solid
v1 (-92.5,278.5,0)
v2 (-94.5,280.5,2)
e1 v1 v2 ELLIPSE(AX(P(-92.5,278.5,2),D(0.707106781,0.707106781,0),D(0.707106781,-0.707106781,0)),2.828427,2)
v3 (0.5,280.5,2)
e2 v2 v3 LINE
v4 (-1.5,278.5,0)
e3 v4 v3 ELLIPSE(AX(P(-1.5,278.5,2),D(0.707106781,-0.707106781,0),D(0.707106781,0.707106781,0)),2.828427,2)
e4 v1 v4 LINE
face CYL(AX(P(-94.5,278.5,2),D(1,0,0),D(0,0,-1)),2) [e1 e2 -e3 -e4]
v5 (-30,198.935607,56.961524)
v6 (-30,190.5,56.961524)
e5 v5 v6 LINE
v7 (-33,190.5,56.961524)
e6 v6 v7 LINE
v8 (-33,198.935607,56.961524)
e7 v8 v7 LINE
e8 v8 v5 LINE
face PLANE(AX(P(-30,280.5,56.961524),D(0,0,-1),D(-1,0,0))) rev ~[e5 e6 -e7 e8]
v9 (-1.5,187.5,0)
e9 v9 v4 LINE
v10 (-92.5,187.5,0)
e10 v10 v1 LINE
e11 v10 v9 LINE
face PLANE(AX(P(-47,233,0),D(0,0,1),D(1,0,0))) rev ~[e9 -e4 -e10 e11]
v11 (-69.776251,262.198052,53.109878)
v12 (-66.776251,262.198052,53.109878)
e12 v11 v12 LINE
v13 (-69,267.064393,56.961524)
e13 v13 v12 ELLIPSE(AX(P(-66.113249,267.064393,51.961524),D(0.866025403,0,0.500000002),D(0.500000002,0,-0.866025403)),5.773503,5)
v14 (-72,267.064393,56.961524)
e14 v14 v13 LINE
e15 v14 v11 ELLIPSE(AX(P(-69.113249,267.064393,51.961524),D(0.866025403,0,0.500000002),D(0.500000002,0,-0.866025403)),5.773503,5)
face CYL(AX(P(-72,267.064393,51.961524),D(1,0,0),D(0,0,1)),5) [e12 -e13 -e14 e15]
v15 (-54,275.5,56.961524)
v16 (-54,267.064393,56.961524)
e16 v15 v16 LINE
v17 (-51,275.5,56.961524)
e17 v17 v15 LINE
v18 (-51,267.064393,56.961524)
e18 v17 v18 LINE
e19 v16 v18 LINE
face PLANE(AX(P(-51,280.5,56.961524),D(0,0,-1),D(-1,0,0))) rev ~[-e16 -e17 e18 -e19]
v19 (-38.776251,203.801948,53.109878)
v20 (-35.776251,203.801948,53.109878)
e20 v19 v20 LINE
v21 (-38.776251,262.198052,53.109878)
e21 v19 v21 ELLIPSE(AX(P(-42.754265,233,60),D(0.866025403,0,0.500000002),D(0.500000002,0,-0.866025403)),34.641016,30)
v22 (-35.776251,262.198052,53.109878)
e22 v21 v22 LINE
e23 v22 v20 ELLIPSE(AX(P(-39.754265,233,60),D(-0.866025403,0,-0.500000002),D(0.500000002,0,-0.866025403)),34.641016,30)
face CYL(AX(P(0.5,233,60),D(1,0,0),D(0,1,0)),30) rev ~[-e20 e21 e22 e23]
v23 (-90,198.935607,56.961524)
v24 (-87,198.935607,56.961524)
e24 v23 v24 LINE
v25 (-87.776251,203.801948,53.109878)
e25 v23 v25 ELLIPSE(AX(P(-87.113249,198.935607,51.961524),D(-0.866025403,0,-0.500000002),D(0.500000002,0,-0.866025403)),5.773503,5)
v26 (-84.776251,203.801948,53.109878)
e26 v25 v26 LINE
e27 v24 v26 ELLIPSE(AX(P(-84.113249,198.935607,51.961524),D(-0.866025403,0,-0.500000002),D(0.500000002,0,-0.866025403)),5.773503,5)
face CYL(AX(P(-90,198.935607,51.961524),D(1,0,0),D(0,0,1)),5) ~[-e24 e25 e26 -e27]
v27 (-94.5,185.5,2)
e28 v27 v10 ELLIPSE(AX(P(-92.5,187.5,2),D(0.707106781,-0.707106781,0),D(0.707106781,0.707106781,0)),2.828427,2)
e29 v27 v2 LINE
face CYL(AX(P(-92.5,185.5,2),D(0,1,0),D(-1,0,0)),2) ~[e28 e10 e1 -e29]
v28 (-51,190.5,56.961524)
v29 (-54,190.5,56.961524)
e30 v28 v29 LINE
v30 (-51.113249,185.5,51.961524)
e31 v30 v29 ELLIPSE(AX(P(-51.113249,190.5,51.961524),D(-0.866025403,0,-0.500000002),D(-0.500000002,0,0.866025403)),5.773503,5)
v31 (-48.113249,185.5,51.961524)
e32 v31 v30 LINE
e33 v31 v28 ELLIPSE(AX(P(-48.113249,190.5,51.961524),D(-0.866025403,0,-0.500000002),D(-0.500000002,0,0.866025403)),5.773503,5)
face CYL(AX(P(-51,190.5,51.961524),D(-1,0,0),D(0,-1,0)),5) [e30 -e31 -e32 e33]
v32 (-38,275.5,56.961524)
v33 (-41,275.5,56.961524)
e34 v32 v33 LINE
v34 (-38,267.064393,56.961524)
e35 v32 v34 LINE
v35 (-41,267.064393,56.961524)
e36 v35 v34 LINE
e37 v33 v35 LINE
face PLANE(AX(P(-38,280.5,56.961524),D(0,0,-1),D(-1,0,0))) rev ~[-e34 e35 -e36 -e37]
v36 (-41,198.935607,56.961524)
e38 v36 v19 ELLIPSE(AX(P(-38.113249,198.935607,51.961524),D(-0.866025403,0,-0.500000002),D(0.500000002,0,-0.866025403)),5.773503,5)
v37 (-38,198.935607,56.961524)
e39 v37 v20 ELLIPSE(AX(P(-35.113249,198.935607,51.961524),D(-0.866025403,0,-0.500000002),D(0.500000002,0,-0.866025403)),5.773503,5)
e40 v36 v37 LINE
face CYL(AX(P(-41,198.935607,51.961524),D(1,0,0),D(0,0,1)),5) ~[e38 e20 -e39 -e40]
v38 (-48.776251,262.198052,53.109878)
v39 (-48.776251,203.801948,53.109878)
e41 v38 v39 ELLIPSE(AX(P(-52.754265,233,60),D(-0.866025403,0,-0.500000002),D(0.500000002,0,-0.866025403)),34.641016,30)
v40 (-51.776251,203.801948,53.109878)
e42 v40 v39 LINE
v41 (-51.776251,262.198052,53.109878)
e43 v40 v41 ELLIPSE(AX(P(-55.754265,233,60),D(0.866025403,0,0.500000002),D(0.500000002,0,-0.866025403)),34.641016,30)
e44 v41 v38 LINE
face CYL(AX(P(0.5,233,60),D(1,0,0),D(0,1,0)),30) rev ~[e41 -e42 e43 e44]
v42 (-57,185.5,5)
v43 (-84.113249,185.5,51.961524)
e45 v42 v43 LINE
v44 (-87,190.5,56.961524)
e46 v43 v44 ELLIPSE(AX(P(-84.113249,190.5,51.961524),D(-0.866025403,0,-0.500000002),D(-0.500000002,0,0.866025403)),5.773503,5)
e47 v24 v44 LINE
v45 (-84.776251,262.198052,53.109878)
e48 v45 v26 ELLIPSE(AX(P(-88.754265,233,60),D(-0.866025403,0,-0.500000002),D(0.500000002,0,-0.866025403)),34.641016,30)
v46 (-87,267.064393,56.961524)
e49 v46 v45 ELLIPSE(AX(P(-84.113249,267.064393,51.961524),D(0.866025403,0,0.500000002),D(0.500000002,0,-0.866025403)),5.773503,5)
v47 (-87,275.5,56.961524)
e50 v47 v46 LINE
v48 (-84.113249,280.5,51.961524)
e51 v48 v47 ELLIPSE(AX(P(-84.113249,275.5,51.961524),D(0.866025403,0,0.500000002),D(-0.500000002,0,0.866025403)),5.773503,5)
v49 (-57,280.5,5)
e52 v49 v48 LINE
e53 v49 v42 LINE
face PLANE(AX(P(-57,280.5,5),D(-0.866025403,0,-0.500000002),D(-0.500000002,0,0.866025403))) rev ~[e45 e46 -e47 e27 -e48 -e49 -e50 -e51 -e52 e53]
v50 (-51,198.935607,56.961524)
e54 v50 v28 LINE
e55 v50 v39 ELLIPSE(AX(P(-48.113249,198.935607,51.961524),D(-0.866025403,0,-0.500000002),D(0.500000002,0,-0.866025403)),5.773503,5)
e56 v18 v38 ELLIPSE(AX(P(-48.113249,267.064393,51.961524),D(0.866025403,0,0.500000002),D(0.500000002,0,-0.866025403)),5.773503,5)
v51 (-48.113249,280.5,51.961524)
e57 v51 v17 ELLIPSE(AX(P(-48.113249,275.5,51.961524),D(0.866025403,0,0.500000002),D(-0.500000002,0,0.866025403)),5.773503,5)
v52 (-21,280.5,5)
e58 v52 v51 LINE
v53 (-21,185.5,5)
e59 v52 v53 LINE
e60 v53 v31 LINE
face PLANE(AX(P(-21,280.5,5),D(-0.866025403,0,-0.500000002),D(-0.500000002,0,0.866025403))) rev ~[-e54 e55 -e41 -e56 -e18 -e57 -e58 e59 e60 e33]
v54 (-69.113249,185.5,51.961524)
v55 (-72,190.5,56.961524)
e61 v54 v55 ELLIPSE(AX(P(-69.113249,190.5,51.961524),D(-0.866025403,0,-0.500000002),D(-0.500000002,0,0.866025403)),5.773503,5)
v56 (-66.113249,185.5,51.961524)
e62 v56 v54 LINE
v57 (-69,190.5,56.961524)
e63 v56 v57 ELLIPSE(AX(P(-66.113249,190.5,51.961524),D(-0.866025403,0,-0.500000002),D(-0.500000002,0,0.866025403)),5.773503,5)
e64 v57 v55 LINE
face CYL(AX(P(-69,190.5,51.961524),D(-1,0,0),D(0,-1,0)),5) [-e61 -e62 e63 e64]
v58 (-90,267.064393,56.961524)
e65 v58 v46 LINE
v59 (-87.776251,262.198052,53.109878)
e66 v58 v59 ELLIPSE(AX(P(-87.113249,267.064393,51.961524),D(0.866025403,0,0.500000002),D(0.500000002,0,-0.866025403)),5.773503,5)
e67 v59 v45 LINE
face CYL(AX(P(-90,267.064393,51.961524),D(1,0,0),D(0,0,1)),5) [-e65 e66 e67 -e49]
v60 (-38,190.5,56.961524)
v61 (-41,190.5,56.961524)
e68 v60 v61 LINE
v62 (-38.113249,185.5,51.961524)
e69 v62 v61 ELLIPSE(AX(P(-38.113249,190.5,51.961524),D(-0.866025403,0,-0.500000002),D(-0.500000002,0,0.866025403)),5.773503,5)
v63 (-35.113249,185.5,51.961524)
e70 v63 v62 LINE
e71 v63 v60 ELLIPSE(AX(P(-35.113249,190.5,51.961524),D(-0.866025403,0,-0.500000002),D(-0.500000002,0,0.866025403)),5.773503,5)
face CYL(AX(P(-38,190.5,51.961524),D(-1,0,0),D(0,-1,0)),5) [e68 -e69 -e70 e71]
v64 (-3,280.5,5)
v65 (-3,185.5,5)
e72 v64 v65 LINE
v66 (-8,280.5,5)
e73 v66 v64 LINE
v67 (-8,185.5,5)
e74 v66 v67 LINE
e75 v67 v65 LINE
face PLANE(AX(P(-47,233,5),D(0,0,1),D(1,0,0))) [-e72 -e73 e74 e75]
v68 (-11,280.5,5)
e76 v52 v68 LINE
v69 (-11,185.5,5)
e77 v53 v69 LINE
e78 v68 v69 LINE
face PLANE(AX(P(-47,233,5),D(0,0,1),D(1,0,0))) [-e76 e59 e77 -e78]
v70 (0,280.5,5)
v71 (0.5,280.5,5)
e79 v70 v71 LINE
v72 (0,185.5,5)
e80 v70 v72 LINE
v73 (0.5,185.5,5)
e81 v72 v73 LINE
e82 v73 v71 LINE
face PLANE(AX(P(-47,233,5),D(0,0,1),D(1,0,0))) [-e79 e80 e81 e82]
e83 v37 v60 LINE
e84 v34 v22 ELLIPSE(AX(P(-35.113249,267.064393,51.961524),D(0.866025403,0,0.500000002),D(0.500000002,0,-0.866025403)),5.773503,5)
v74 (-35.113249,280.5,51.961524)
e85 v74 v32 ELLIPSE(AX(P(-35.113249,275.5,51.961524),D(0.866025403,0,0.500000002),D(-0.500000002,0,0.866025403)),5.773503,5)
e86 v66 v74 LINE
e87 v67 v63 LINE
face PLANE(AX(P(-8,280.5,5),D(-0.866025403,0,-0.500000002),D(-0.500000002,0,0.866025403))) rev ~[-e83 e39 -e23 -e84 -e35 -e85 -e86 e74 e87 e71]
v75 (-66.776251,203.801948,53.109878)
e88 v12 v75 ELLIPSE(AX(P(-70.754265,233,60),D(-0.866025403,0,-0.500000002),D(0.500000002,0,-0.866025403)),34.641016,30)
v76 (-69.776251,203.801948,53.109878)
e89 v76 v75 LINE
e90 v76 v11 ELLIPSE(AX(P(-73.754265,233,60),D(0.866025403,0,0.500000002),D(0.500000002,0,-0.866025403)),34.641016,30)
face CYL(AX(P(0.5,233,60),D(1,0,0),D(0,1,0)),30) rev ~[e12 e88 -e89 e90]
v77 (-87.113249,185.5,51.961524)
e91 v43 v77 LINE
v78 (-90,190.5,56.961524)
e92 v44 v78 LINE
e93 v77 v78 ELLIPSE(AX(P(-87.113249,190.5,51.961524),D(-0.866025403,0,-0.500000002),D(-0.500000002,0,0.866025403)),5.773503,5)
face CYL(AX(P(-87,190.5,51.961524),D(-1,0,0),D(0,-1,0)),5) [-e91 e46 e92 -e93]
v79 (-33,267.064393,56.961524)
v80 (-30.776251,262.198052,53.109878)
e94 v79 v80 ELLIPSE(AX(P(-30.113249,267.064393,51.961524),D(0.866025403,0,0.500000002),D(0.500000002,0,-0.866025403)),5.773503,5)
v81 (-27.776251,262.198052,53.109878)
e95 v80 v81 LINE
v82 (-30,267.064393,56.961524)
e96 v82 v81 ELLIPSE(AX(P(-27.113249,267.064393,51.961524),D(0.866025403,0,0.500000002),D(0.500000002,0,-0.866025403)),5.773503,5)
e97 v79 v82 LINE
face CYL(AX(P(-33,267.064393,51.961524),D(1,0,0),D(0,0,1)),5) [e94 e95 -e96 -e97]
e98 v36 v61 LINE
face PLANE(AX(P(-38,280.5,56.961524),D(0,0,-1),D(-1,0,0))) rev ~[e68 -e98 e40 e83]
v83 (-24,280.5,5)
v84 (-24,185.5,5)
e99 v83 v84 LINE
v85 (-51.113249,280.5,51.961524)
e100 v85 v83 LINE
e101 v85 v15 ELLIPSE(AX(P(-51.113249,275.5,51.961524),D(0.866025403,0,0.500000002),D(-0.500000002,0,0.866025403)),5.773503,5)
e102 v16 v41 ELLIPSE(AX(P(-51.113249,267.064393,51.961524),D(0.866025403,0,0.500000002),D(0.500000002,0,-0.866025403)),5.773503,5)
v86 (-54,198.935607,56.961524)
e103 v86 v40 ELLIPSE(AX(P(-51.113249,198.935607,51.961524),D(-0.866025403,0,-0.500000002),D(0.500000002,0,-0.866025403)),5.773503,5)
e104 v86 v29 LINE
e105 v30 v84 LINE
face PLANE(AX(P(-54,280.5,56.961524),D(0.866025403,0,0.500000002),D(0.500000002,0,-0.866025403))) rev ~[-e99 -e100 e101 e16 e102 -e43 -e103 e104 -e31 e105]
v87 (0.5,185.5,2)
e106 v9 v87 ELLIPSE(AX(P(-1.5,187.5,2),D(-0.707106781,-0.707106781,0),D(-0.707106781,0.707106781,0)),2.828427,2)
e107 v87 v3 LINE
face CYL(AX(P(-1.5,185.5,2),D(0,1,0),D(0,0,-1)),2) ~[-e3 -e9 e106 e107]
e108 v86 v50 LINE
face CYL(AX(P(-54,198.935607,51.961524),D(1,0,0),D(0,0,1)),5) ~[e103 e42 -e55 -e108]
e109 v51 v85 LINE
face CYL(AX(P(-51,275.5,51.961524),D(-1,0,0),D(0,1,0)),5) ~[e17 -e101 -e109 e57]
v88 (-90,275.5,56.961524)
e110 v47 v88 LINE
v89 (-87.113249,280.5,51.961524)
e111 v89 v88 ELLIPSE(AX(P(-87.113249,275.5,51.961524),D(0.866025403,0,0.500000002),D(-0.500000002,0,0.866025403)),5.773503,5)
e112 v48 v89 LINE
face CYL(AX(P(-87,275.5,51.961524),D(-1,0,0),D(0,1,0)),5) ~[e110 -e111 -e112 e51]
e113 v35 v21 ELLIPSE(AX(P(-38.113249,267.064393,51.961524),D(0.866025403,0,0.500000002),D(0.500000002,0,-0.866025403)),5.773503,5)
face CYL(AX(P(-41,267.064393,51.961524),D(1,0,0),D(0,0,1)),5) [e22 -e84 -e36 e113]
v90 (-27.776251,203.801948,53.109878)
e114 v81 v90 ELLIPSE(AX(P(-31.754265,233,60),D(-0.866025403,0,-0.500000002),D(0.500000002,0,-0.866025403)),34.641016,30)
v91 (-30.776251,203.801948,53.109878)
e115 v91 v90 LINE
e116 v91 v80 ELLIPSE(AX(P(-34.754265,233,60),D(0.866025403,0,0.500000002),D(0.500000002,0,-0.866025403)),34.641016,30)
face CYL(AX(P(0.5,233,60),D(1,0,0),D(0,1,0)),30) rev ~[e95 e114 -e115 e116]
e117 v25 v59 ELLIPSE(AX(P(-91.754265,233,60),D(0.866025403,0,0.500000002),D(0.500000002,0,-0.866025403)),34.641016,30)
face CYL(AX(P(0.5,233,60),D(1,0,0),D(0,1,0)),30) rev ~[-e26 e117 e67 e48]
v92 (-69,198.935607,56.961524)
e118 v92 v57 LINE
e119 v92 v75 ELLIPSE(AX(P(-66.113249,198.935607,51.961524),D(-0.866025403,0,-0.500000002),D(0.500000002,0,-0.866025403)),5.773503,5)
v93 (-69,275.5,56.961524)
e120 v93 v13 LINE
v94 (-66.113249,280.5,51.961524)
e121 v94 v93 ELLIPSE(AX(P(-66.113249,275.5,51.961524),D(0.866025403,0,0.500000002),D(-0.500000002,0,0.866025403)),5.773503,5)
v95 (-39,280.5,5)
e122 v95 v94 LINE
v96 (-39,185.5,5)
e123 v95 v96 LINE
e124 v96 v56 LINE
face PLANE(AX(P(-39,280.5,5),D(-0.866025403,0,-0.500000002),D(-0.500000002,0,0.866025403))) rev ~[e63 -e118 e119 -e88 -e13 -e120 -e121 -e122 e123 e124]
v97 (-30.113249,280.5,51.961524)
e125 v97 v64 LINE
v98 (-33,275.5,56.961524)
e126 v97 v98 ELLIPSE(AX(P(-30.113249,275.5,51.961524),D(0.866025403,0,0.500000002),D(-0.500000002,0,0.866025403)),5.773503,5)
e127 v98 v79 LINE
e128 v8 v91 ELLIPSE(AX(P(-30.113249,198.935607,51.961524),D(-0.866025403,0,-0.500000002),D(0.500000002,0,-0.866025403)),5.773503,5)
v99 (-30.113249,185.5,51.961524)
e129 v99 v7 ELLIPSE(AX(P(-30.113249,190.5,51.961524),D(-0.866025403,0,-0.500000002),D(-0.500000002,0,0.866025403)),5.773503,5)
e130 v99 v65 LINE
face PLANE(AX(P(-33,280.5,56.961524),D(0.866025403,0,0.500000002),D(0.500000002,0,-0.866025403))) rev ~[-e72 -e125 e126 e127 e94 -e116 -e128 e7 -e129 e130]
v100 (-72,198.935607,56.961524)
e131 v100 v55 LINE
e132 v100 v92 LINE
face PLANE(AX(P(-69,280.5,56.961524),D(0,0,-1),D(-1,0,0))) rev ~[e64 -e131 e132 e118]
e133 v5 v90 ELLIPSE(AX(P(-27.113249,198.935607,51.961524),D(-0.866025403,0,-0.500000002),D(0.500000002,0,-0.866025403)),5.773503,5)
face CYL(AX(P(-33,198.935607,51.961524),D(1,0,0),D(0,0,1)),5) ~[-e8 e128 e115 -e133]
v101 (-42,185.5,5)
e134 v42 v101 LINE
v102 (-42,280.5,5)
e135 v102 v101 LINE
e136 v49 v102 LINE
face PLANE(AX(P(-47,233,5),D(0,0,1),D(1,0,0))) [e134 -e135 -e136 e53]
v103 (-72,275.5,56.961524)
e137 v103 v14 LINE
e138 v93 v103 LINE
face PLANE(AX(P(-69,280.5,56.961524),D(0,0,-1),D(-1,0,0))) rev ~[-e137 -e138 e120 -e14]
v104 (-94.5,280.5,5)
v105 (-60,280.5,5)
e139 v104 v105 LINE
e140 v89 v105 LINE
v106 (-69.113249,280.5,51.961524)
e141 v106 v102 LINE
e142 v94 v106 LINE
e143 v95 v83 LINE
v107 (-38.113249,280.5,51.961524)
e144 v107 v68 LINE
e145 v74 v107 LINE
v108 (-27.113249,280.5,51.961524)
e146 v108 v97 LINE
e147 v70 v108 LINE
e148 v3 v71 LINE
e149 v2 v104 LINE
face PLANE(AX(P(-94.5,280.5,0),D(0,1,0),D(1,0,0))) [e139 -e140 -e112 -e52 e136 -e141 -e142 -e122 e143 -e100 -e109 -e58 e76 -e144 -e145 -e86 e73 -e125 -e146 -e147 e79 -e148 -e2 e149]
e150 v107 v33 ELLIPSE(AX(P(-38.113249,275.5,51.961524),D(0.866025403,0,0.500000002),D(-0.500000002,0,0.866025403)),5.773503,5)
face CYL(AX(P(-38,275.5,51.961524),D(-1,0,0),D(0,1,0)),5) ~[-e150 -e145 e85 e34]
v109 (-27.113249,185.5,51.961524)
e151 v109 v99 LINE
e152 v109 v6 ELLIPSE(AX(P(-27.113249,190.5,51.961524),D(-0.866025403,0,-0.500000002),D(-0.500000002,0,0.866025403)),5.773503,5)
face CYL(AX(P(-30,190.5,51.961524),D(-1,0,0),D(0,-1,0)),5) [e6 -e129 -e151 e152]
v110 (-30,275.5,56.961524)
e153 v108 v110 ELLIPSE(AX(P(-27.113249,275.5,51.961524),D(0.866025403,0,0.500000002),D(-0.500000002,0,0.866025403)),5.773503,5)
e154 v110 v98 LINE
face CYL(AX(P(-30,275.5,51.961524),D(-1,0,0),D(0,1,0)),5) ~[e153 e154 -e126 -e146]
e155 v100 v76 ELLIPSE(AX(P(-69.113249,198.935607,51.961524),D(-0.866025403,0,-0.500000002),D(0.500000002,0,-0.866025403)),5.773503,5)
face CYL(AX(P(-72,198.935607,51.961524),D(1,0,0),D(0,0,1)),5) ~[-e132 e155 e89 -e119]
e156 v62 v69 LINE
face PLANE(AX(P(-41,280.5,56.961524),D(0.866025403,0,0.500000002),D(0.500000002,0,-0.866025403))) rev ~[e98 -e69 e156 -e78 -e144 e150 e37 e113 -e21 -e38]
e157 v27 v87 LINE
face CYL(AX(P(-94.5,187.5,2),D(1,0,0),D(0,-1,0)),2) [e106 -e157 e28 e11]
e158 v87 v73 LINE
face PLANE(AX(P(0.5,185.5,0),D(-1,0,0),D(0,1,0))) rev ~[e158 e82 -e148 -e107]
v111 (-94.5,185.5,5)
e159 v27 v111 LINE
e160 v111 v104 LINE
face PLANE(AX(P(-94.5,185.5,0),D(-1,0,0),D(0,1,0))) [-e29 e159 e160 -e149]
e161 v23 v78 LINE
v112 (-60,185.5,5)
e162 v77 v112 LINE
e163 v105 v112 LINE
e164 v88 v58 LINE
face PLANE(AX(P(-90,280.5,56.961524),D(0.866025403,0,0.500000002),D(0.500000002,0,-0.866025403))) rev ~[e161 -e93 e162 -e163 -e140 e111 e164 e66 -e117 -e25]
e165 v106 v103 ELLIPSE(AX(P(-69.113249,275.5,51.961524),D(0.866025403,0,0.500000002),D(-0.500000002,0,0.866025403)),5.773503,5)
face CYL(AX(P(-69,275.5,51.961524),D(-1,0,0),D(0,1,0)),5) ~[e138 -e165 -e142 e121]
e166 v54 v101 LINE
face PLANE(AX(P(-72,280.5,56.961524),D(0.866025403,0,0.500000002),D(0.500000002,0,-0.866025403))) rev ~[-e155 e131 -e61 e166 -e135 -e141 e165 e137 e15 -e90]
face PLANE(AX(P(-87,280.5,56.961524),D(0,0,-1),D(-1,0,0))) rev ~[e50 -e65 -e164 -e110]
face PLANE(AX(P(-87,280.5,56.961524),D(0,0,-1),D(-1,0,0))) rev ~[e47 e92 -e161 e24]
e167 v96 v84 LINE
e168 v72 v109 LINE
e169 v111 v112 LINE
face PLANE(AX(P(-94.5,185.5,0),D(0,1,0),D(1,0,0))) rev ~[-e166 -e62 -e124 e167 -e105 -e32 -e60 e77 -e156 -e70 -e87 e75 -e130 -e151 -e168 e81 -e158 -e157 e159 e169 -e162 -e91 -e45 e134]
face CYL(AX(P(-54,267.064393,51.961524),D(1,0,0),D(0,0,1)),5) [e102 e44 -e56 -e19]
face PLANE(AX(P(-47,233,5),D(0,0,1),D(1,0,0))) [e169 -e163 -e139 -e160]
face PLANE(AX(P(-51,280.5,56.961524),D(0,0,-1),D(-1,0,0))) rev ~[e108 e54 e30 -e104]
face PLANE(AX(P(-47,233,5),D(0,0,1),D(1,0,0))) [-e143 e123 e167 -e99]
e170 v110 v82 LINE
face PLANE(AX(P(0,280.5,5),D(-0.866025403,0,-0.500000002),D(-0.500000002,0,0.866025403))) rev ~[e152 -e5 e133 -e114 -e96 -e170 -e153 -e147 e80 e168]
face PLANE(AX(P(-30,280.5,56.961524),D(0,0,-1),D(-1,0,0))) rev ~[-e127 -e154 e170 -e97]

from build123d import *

# Parameters (mm, degrees)
SKETCH026_W     = 95
SKETCH026_H     = 95
PAD018_DEPTH    = 5
PAD019_DEPTH    = 95
SKETCH028_R     = 30
POCKET008_DEPTH = 95.001
FILLET020_R     = 5
FILLET021_R     = 2


with BuildPart() as part:
    # Sketch026 → Pad018 (new body)
    with BuildSketch(Plane.XY):
        Rectangle(SKETCH026_W, SKETCH026_H)
    extrude(amount=PAD018_DEPTH)

    # Sketch027 (on DatumPlane) → Pad019 (join)
    with BuildSketch(Plane(origin=(0, 47.5, 0), x_dir=(-1, 0, 0), z_dir=(0, 1, 0))):
        Polygon((-47, 5), (-17, 56.961524), (-14, 56.961524), (-44, 5), align=None)
        Polygon((-39, 5), (-9, 56.961524), (-6, 56.961524), (-36, 5), align=None)
        Polygon((-26, 5), (4, 56.961524), (7, 56.961524), (-23, 5), align=None)
        Polygon((-8, 5), (22, 56.961524), (25, 56.961524), (-5, 5), align=None)
        Polygon((10, 5), (40, 56.961524), (43, 56.961524), (13, 5), align=None)
    extrude(amount=-PAD019_DEPTH)

    # Sketch028 (on DatumPlane) → Pocket008 (cut, through all)
    with BuildSketch(Plane.YZ.offset(47.5)):
        with Locations((0, 60)):
            Circle(SKETCH028_R)
    extrude(amount=-POCKET008_DEPTH, mode=Mode.SUBTRACT)

    # Fillet020
    fillet020_edges = [part.edges().sort_by_distance(p)[0] for p in [
        (15.5, -47.5, 56.961524),
        (15.5, -29.845731, 56.961524),
        (7.5, -47.5, 56.961524),
        (7.5, -29.845731, 56.961524),
        (-5.5, -47.5, 56.961524),
        (-5.5, -29.845731, 56.961524),
        (-23.5, -47.5, 56.961524),
        (-23.5, -29.845731, 56.961524),
        (-41.5, -47.5, 56.961524),
        (-41.5, -29.845731, 56.961524),
        (15.5, 29.845731, 56.961524),
        (15.5, 47.5, 56.961524),
        (7.5, 29.845731, 56.961524),
        (7.5, 47.5, 56.961524),
        (-5.5, 29.845731, 56.961524),
        (-5.5, 47.5, 56.961524),
        (-23.5, 29.845731, 56.961524),
        (-23.5, 47.5, 56.961524),
        (-41.5, 29.845731, 56.961524),
        (-41.5, 47.5, 56.961524),
    ]]
    fillet(fillet020_edges, radius=FILLET020_R)

    # Fillet021
    fillet021_edges = [part.edges().sort_by_distance(p)[0] for p in [
        (0, 47.5, 0),
        (47.5, 0, 0),
        (0, -47.5, 0),
        (-47.5, 0, 0),
    ]]
    fillet(fillet021_edges, radius=FILLET021_R)


with BuildPart() as part_1:
    # Body012 placement: moved
    add(part.part.moved(Location((-47, 233, 0))))


solid = part_1.part
